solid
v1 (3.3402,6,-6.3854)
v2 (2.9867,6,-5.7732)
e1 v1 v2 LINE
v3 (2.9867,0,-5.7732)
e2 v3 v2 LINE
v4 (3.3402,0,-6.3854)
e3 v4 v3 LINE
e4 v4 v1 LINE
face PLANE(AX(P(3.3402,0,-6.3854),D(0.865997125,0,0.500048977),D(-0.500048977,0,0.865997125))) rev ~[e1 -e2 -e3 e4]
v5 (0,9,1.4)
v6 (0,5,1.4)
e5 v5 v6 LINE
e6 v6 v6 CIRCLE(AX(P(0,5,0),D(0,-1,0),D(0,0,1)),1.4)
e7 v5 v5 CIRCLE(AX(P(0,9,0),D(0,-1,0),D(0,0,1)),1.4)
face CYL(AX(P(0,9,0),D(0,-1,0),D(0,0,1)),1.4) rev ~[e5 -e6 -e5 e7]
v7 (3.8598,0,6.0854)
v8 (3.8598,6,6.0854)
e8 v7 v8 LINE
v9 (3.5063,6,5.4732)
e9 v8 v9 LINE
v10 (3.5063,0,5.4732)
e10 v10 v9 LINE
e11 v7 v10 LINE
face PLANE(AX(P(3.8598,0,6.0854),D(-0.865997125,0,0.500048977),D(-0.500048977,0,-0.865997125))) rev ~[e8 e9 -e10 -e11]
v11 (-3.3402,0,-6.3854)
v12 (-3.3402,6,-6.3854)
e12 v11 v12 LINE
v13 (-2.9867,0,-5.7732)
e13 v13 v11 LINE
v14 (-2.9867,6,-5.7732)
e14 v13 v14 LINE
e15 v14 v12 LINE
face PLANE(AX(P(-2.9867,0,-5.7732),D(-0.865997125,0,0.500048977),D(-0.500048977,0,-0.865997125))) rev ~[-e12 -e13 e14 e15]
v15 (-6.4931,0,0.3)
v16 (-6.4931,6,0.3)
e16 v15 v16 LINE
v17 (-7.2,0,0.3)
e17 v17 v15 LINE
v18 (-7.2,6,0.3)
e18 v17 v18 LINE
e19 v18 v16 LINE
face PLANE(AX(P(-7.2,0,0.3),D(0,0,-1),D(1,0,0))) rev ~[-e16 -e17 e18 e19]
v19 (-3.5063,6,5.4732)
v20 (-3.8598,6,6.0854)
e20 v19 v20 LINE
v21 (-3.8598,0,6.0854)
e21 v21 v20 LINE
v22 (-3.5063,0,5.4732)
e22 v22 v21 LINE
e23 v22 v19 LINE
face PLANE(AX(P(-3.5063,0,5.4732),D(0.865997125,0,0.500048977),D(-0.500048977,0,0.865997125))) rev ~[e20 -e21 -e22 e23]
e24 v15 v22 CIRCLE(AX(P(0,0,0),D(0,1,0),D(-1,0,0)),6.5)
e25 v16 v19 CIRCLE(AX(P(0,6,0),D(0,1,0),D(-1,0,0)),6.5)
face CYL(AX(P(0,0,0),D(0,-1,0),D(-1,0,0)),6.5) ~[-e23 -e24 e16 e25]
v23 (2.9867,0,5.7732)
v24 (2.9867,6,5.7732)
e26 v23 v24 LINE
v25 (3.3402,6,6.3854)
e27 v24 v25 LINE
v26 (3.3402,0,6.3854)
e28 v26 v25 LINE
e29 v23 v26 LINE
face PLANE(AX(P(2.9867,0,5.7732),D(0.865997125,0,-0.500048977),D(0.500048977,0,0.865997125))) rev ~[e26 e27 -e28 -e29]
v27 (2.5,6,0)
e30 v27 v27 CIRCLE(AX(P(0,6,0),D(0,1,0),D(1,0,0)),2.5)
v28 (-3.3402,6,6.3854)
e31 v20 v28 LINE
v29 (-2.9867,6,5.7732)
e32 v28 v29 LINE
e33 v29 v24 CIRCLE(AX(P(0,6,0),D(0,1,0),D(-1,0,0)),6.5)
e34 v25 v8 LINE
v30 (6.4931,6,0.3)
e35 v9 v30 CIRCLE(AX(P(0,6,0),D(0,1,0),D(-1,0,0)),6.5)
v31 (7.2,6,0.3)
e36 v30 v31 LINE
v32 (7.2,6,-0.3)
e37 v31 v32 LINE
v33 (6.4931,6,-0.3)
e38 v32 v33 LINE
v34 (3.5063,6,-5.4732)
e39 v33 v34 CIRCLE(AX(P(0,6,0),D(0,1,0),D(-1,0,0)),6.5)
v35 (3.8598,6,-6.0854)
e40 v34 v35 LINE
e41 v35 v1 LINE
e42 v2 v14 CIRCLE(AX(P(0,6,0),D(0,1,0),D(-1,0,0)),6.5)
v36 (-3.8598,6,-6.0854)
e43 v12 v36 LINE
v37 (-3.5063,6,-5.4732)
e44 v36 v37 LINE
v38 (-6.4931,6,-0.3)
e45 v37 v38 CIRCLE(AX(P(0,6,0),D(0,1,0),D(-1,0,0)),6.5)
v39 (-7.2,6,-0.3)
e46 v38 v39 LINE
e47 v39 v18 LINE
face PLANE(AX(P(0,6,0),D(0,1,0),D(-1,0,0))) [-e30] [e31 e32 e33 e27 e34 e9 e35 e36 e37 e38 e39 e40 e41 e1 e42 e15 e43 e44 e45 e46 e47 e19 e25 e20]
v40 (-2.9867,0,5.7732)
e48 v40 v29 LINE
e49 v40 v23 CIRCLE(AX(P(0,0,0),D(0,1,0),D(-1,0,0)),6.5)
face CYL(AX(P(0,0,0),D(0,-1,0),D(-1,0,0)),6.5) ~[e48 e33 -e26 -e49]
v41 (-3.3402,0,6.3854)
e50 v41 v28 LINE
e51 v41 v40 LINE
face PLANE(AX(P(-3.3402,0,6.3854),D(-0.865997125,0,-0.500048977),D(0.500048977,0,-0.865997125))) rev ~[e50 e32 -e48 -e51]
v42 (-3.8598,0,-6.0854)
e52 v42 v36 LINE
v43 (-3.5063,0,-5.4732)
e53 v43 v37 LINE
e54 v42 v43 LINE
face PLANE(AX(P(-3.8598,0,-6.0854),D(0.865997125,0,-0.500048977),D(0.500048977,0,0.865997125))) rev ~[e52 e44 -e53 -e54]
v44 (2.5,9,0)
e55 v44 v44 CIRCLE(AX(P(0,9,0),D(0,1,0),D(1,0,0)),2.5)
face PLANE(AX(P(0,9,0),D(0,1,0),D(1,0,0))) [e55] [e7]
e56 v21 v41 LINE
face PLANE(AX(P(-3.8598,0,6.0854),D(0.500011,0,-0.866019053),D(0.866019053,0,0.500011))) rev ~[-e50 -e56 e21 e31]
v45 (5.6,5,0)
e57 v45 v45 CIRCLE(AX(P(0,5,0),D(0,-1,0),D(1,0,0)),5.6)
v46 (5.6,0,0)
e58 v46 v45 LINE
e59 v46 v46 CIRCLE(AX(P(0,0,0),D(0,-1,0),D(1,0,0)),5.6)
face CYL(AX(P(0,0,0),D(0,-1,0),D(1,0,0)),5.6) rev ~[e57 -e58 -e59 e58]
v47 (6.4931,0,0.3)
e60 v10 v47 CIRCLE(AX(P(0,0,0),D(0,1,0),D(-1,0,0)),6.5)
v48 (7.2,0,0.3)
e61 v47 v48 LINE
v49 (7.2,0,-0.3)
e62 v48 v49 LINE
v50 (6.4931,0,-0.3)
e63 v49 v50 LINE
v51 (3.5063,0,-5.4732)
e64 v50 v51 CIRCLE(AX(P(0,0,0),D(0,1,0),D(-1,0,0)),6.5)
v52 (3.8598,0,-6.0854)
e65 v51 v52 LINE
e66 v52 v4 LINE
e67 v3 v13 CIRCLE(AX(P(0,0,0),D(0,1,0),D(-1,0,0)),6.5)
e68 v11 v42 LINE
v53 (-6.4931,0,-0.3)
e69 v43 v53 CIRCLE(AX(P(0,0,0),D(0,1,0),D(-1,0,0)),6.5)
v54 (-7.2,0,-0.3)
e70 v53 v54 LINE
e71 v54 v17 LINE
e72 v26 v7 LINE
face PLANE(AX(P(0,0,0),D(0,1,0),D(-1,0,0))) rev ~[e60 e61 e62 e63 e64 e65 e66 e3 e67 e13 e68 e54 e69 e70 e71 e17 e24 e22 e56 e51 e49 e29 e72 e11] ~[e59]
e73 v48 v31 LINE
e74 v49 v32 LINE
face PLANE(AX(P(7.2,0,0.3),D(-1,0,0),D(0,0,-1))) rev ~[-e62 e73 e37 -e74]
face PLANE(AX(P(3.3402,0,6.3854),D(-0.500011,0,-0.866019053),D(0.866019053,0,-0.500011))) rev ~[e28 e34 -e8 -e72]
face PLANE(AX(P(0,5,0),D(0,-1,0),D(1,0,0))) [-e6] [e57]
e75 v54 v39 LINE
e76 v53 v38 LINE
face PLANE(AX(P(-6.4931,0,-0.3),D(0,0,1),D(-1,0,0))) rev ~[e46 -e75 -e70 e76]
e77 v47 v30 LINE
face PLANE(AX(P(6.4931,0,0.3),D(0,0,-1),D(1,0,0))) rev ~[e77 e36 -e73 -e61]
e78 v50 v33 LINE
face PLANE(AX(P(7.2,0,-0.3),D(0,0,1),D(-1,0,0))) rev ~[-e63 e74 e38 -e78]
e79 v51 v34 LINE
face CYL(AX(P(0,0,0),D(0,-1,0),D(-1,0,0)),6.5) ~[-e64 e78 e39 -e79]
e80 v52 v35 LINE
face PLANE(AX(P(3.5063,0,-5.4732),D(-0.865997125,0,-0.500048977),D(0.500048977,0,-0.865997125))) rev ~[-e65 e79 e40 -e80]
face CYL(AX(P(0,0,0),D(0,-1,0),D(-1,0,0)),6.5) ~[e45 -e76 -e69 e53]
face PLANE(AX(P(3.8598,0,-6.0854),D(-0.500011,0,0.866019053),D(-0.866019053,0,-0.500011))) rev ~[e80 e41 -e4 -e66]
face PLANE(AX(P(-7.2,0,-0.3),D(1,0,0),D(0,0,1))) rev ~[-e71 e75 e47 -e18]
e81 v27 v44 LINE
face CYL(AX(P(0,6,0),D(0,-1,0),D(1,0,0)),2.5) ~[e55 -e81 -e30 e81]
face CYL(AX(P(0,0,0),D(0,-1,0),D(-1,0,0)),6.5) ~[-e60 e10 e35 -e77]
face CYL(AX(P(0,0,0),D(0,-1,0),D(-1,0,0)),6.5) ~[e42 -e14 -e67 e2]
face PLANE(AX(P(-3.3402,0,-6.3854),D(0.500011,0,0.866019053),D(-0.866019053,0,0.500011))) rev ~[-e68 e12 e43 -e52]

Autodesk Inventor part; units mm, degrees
ref_plane "YZ Plane" through (0, 0, 0) normal (1, 0, 0) x (0, 1, 0)
ref_plane "XZ Plane" through (0, 0, 0) normal (0, 1, 0) x (-1, 0, 0)
ref_plane "XY Plane" through (0, 0, 0) normal (0, 0, 1) x (1, 0, 0)
sketch "スケッチ1" plane through (0, 0, 0) normal (0, 1, 0) x (-1, 0, 0)
  circle A0 centre (0, 0) radius 6.5
  line L0 (0, 0) -> (0, -6.5) construction
  line L1 (3.5063, -5.4732) -> (2.9867, -5.7732)
  line L2 (2.9867, -5.7732) -> (3.3402, -6.3854)
  line L3 (3.3402, -6.3854) -> (3.8598, -6.0854)
  line L4 (3.8598, -6.0854) -> (3.5063, -5.4732)
  line L5 (0, 0) -> (3.6, -6.2354) construction
  line L6 (6.4931, 0.3) -> (6.4931, -0.3)
  line L7 (6.4931, -0.3) -> (7.2, -0.3)
  line L8 (7.2, -0.3) -> (7.2, 0.3)
  line L9 (7.2, 0.3) -> (6.4931, 0.3)
  line L10 (0, 0) -> (7.2, 0) construction
  line L11 (2.9867, 5.7732) -> (3.5063, 5.4732)
  line L12 (3.5063, 5.4732) -> (3.8598, 6.0854)
  line L13 (3.8598, 6.0854) -> (3.3402, 6.3854)
  line L14 (3.3402, 6.3854) -> (2.9867, 5.7732)
  line L15 (0, 0) -> (3.6, 6.2354) construction
  line L16 (-3.5063, 5.4732) -> (-2.9867, 5.7732)
  line L17 (-2.9867, 5.7732) -> (-3.3402, 6.3854)
  line L18 (-3.3402, 6.3854) -> (-3.8598, 6.0854)
  line L19 (-3.8598, 6.0854) -> (-3.5063, 5.4732)
  line L20 (0, 0) -> (-3.6, 6.2354) construction
  line L21 (-6.4931, -0.3) -> (-6.4931, 0.3)
  line L22 (0, 0) -> (-7.2, 0) construction
  line L23 (-6.4931, 0.3) -> (-7.2, 0.3)
  line L24 (-7.2, -0.3) -> (-6.4931, -0.3)
  line L25 (-7.2, 0.3) -> (-7.2, -0.3)
  line L26 (0, 0) -> (-3.6, -6.2354) construction
  line L27 (-2.9867, -5.7732) -> (-3.5063, -5.4732)
  line L28 (-3.5063, -5.4732) -> (-3.8598, -6.0854)
  line L29 (-3.8598, -6.0854) -> (-3.3402, -6.3854)
  line L30 (-3.3402, -6.3854) -> (-2.9867, -5.7732)
  dimension "d0" = 13
  dimension "d3" = 30
  dimension "d4" = 7.2
  dimension "d6" = 0.6
  dimension "d7" = 7.2
  dimension "d8" = 0.6
  dimension "d9" = 90
  dimension "d10" = 7.2
  dimension "d11" = 0.6
  dimension "d12" = 150
  dimension "d13" = 7.2
  dimension "d14" = 0.6
  dimension "d15" = 7.2
  dimension "d16" = 0.6
  dimension "d17" = 7.2
  dimension "d18" = 0.6
  dimension "d19" = 30
  dimension "d20" = 90
  dimension "d21" = 150
extrude "押し出し1" add sketch "スケッチ1" along normal blind 6
sketch "スケッチ2" plane through (0, 6, 0) normal (0, 1, 0) x (1, 0, 0)
  circle A0 centre (0, 0) radius 2.5
  dimension "d24" = 5
extrude "押し出し2" add sketch "スケッチ2" along normal blind 3
sketch "スケッチ3" plane through (0, 9, 0) normal (0, 1, 0) x (1, 0, 0)
  point P0 (0, 0)
  point P1 (0, 0)
hole "穴1" at (0, 9, 0) direction (0, -1, 0) diameter 2.8 end through all
sketch "スケッチ4" plane through (0, 0, 0) normal (0, -1, 0) x (1, 0, 0)
  circle A0 centre (0, 0) radius 5.6
  dimension "d34" = 11.2
extrude "押し出し3" cut sketch "スケッチ4" against normal blind 5
properties part number "CamCap_holder"
